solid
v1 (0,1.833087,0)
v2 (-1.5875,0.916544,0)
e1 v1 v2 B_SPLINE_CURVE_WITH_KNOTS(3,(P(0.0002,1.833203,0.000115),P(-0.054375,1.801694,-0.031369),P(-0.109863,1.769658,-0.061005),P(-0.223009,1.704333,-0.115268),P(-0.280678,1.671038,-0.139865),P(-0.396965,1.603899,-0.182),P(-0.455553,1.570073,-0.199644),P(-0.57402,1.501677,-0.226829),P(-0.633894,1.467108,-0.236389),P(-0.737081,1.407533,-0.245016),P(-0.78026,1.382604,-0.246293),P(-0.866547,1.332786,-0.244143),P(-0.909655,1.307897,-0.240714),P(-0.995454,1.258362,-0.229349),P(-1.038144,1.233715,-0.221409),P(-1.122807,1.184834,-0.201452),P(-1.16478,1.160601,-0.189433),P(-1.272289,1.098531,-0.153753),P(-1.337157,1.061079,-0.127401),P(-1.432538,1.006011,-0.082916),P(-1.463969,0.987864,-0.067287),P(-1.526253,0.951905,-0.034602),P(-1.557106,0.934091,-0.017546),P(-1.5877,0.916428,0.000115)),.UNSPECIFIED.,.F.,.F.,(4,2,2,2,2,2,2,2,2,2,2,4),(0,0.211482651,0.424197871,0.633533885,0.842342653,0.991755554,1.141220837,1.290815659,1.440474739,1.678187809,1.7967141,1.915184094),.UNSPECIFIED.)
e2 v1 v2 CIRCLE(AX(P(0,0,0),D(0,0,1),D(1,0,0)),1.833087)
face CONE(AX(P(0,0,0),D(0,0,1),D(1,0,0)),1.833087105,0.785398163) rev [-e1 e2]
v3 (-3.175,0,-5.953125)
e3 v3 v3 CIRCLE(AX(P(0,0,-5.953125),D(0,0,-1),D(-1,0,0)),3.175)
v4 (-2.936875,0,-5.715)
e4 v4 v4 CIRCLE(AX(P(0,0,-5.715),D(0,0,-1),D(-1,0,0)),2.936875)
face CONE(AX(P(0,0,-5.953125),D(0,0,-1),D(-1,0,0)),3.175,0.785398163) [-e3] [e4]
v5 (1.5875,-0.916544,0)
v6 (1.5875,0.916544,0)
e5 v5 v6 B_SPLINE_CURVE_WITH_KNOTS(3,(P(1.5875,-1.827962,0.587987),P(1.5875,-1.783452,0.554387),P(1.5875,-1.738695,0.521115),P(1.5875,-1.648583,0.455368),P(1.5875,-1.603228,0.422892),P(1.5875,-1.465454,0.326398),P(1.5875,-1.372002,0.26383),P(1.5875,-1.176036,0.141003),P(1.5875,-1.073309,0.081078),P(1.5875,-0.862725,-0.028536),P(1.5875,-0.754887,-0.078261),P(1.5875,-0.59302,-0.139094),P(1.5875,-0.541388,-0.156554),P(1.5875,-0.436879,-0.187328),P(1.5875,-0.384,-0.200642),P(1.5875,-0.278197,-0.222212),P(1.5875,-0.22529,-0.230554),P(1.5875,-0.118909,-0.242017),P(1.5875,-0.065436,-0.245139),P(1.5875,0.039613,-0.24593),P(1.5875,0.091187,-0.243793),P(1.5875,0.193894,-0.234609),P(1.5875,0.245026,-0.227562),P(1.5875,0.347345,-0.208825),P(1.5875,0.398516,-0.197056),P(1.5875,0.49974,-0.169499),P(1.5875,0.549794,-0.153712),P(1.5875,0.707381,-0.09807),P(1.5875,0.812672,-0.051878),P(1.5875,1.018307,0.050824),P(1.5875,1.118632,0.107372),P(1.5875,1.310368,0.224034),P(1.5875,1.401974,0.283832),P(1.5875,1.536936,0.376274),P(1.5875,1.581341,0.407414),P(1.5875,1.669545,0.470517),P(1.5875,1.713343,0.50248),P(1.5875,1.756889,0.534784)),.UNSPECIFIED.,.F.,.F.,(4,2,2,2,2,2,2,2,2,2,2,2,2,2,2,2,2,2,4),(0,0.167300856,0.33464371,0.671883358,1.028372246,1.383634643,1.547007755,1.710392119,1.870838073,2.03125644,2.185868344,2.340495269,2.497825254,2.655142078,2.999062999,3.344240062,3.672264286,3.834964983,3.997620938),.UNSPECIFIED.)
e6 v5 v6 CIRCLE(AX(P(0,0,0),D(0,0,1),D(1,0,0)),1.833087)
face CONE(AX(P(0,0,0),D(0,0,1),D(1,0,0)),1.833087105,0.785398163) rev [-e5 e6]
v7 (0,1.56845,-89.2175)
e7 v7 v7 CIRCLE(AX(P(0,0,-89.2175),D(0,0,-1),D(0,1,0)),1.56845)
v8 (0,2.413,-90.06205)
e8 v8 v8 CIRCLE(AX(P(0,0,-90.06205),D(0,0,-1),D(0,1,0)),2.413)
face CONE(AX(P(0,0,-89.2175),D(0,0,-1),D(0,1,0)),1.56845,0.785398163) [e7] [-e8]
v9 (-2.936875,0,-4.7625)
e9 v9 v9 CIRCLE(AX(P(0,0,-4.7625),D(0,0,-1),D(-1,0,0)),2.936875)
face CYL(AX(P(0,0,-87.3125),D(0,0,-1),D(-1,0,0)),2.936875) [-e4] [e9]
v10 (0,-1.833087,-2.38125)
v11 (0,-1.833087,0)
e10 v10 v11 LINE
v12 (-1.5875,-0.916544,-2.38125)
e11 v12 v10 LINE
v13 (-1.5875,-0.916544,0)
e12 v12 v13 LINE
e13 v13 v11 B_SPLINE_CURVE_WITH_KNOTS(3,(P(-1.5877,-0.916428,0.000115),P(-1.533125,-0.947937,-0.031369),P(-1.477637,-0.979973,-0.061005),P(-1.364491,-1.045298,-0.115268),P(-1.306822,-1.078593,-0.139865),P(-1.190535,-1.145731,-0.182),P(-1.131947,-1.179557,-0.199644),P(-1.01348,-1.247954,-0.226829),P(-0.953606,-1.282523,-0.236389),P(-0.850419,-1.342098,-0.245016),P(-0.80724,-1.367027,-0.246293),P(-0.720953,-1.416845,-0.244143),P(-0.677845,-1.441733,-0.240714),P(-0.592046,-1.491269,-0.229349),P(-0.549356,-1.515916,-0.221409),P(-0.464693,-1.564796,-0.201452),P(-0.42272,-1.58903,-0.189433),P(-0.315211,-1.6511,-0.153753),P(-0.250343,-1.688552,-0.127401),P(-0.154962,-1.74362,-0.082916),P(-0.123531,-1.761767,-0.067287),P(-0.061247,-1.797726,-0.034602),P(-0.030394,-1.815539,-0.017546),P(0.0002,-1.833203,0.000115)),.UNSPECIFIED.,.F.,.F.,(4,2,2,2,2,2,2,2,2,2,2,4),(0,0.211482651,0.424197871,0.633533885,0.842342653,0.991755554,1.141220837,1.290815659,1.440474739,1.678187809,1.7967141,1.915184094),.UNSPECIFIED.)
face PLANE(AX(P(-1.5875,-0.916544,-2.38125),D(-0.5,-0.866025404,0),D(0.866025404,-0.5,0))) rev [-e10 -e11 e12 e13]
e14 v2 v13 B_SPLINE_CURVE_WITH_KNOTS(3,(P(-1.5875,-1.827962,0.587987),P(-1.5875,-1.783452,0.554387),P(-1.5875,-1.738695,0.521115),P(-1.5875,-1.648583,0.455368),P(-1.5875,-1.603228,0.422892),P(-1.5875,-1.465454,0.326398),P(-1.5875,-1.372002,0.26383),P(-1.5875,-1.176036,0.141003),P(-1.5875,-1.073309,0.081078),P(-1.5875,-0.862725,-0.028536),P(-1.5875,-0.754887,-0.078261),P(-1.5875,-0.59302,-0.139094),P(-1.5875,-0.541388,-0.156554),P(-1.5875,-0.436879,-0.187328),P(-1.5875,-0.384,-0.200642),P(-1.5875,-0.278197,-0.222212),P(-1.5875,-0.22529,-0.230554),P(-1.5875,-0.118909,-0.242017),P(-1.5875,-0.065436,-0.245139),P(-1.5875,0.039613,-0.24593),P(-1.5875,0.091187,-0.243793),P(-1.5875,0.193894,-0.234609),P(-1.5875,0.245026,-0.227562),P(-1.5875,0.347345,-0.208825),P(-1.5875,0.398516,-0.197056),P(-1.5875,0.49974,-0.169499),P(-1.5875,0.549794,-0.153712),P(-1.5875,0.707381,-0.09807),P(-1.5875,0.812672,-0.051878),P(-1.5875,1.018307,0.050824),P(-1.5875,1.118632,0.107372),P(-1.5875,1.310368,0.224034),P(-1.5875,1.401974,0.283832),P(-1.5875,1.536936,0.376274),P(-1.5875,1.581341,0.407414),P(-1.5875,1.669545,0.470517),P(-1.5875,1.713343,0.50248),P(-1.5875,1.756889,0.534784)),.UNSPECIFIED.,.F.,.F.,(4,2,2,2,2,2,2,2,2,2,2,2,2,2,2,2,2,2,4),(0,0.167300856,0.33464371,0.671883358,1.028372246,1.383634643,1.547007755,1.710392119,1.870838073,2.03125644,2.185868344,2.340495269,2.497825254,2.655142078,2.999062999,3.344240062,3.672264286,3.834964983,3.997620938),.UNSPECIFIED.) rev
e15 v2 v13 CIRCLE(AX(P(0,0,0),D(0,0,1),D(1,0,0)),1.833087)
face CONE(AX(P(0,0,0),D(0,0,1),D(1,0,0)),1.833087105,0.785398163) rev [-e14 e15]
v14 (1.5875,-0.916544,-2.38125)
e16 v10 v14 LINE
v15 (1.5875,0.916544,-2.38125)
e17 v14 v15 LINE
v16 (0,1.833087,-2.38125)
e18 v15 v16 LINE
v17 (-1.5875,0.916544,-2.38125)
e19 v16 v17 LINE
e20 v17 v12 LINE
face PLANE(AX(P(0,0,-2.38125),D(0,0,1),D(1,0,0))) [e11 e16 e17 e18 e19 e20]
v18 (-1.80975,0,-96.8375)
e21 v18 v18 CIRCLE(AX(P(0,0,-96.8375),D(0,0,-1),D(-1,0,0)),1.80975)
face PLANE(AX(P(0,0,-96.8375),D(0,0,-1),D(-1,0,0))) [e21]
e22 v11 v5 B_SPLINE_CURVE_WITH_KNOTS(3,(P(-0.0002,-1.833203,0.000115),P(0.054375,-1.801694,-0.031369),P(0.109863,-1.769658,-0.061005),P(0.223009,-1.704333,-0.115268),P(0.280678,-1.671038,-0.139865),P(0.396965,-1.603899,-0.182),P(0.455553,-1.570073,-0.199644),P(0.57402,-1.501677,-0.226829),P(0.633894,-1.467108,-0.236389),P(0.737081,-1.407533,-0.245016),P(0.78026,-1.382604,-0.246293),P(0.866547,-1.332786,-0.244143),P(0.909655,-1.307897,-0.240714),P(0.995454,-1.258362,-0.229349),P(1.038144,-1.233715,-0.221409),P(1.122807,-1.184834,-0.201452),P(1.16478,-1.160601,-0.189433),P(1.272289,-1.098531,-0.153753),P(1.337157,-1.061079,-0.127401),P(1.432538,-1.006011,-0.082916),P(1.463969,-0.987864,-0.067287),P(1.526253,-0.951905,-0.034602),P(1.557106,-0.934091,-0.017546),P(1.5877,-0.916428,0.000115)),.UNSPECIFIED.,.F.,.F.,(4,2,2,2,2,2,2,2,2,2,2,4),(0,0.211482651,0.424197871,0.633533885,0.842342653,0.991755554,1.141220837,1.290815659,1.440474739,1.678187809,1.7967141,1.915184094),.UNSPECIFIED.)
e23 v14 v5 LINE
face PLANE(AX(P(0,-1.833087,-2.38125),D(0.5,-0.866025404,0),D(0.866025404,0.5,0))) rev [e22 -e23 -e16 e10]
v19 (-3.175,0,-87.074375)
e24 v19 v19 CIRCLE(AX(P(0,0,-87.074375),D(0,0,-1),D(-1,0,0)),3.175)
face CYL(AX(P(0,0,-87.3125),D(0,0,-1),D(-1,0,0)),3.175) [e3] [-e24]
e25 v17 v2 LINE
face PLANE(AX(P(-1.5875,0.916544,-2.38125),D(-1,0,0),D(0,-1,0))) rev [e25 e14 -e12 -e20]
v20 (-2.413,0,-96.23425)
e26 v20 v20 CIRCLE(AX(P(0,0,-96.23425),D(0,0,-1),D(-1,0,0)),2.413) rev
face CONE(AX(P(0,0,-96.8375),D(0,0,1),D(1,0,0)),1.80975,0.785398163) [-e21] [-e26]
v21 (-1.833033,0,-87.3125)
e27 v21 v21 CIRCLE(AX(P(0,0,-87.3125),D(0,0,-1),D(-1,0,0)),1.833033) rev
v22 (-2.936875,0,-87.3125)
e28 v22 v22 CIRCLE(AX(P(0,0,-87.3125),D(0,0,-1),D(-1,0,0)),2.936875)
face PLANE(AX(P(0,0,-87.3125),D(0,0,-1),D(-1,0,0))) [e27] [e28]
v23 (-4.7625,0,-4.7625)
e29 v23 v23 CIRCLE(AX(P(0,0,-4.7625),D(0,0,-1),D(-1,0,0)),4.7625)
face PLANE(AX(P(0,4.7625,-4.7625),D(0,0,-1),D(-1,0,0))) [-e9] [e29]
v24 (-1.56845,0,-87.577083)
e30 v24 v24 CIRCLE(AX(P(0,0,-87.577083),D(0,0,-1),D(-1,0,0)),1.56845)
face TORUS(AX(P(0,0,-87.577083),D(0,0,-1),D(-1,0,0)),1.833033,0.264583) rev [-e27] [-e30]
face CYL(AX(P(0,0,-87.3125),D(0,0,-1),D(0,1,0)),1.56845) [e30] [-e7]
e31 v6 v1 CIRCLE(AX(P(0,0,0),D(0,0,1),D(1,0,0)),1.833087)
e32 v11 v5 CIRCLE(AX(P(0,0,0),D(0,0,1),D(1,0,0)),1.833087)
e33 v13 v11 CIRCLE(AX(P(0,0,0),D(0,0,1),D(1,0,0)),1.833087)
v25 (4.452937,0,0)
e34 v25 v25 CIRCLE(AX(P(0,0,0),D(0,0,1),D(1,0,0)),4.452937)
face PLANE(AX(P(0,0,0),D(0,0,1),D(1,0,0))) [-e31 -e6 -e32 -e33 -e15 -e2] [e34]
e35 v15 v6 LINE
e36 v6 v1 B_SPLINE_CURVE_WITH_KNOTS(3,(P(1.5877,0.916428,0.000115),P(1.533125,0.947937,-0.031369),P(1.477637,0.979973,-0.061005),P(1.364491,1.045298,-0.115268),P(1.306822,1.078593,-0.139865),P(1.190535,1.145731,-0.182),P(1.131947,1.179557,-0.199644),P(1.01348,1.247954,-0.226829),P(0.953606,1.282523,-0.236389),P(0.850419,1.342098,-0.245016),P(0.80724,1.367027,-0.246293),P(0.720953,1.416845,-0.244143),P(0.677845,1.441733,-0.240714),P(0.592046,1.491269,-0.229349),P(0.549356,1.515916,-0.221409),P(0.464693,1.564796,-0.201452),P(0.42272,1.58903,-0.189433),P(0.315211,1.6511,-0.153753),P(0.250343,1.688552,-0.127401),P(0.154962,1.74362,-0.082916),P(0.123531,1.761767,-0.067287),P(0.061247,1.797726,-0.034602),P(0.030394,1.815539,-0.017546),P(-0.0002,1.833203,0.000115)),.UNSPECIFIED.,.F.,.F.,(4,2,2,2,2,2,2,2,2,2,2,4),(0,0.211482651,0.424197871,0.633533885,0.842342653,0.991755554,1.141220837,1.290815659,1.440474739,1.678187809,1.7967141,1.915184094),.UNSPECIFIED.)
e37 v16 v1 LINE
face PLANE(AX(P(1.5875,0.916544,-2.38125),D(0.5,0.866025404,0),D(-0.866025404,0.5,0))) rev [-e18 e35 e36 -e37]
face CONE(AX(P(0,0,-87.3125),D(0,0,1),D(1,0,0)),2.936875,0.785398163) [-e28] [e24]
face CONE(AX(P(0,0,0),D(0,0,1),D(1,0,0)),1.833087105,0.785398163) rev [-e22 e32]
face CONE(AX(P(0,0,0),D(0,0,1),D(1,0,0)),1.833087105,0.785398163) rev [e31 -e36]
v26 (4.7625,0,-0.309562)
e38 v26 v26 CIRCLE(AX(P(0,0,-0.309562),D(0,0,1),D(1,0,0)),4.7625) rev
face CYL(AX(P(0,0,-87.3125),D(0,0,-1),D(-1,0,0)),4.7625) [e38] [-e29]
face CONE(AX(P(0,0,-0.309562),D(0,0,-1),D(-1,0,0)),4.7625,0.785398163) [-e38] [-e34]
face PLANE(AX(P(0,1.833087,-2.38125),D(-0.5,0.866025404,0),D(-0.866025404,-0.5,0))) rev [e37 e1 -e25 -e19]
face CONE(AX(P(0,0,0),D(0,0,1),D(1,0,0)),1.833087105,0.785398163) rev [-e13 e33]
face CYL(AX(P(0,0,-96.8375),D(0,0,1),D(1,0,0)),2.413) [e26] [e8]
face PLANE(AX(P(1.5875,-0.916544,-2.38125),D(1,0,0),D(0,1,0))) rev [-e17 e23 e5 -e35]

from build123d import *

# Parameters (mm, degrees)
SKETCH12_R          = 2.413
BOSS_EXTRUDE1_DEPTH = 9.525
CHAMFER1_SIZE       = 0.60325
CHAMFER2_SIZE       = 0.3095625
FILLET1_R           = 0.264583333
CUT_EXTRUDE2_DEPTH  = 2.38125


with BuildPart() as part:
    # Sketch13 → Revolve1 (revolve)
    with BuildSketch(Plane(origin=(0, 0, 0), x_dir=(0, 0, -1), z_dir=(1, 0, 0)), mode=Mode.PRIVATE) as revolve1_sk:
        Polygon((0, 0), (0, 4.7625), (4.7625, 4.7625), (4.7625, 2.936875), (5.715, 2.936875), (5.953125, 3.175), (87.074375, 3.175), (87.3125, 2.936875), (87.3125, 0), align=None)
    revolve(revolve1_sk.sketch.rotate(Axis((0, 0, -87.3125), (0, 0, 1)), 90), axis=Axis((0, 0, -87.3125), (0, 0, 1)))

    # Sketch12 → Boss-Extrude1 (add)
    with BuildSketch(Plane(origin=(0, 0, -87.3125), x_dir=(-1, 0, 0), z_dir=(0, 0, -1))):
        Circle(SKETCH12_R)
    extrude(amount=BOSS_EXTRUDE1_DEPTH)

    # Sketch5 → Cut-Revolve1 (revolve, cut)
    with BuildSketch(Plane(origin=(0, 0, 0), x_dir=(0, 0, -1), z_dir=(1, 0, 0))):
        Polygon((87.3125, 2.413), (90.06205, 2.413), (89.2175, 1.56845), (87.3125, 1.56845), align=None)
    revolve(axis=Axis((0, 0, -87.3125), (0, 0, 1)), mode=Mode.SUBTRACT)

    # Chamfer1
    chamfer1_edges = [part.edges().sort_by_distance(p)[0] for p in [
        (2.413, 0, -96.8375),
    ]]
    chamfer(chamfer1_edges, length=CHAMFER1_SIZE)

    # Chamfer2
    chamfer2_edges = [part.edges().sort_by_distance(p)[0] for p in [
        (4.7625, 0, 0),
    ]]
    chamfer(chamfer2_edges, length=CHAMFER2_SIZE)

    # Fillet1
    fillet1_edges = [part.edges().sort_by_distance(p)[0] for p in [
        (0, -1.56845, -87.3125),
    ]]
    fillet(fillet1_edges, radius=FILLET1_R)

    # Sketch8 → Cut-Extrude2 (cut)
    with BuildSketch(Plane.XY):
        Polygon((1.5875, 0.916543552), (0, 1.833087105), (-1.5875, 0.916543552), (-1.5875, -0.916543552), (0, -1.833087105), (1.5875, -0.916543552), align=None)
    extrude(amount=-CUT_EXTRUDE2_DEPTH, mode=Mode.SUBTRACT)

    # Cut-Extrude4 cone 1 section (through the dimple's axis) → Cut-Extrude4 (revolve, cut)
    with BuildSketch(Plane(origin=(0, 0, 0), x_dir=(0, -1, 0), z_dir=(1, 0, 0))):
        Polygon((0, 0), (1.833087105, 0), (0, 1.833087105), align=None)
    revolve(axis=Axis((0, 0, 0), (0, 0, -1)), mode=Mode.SUBTRACT)


solid = part.part
